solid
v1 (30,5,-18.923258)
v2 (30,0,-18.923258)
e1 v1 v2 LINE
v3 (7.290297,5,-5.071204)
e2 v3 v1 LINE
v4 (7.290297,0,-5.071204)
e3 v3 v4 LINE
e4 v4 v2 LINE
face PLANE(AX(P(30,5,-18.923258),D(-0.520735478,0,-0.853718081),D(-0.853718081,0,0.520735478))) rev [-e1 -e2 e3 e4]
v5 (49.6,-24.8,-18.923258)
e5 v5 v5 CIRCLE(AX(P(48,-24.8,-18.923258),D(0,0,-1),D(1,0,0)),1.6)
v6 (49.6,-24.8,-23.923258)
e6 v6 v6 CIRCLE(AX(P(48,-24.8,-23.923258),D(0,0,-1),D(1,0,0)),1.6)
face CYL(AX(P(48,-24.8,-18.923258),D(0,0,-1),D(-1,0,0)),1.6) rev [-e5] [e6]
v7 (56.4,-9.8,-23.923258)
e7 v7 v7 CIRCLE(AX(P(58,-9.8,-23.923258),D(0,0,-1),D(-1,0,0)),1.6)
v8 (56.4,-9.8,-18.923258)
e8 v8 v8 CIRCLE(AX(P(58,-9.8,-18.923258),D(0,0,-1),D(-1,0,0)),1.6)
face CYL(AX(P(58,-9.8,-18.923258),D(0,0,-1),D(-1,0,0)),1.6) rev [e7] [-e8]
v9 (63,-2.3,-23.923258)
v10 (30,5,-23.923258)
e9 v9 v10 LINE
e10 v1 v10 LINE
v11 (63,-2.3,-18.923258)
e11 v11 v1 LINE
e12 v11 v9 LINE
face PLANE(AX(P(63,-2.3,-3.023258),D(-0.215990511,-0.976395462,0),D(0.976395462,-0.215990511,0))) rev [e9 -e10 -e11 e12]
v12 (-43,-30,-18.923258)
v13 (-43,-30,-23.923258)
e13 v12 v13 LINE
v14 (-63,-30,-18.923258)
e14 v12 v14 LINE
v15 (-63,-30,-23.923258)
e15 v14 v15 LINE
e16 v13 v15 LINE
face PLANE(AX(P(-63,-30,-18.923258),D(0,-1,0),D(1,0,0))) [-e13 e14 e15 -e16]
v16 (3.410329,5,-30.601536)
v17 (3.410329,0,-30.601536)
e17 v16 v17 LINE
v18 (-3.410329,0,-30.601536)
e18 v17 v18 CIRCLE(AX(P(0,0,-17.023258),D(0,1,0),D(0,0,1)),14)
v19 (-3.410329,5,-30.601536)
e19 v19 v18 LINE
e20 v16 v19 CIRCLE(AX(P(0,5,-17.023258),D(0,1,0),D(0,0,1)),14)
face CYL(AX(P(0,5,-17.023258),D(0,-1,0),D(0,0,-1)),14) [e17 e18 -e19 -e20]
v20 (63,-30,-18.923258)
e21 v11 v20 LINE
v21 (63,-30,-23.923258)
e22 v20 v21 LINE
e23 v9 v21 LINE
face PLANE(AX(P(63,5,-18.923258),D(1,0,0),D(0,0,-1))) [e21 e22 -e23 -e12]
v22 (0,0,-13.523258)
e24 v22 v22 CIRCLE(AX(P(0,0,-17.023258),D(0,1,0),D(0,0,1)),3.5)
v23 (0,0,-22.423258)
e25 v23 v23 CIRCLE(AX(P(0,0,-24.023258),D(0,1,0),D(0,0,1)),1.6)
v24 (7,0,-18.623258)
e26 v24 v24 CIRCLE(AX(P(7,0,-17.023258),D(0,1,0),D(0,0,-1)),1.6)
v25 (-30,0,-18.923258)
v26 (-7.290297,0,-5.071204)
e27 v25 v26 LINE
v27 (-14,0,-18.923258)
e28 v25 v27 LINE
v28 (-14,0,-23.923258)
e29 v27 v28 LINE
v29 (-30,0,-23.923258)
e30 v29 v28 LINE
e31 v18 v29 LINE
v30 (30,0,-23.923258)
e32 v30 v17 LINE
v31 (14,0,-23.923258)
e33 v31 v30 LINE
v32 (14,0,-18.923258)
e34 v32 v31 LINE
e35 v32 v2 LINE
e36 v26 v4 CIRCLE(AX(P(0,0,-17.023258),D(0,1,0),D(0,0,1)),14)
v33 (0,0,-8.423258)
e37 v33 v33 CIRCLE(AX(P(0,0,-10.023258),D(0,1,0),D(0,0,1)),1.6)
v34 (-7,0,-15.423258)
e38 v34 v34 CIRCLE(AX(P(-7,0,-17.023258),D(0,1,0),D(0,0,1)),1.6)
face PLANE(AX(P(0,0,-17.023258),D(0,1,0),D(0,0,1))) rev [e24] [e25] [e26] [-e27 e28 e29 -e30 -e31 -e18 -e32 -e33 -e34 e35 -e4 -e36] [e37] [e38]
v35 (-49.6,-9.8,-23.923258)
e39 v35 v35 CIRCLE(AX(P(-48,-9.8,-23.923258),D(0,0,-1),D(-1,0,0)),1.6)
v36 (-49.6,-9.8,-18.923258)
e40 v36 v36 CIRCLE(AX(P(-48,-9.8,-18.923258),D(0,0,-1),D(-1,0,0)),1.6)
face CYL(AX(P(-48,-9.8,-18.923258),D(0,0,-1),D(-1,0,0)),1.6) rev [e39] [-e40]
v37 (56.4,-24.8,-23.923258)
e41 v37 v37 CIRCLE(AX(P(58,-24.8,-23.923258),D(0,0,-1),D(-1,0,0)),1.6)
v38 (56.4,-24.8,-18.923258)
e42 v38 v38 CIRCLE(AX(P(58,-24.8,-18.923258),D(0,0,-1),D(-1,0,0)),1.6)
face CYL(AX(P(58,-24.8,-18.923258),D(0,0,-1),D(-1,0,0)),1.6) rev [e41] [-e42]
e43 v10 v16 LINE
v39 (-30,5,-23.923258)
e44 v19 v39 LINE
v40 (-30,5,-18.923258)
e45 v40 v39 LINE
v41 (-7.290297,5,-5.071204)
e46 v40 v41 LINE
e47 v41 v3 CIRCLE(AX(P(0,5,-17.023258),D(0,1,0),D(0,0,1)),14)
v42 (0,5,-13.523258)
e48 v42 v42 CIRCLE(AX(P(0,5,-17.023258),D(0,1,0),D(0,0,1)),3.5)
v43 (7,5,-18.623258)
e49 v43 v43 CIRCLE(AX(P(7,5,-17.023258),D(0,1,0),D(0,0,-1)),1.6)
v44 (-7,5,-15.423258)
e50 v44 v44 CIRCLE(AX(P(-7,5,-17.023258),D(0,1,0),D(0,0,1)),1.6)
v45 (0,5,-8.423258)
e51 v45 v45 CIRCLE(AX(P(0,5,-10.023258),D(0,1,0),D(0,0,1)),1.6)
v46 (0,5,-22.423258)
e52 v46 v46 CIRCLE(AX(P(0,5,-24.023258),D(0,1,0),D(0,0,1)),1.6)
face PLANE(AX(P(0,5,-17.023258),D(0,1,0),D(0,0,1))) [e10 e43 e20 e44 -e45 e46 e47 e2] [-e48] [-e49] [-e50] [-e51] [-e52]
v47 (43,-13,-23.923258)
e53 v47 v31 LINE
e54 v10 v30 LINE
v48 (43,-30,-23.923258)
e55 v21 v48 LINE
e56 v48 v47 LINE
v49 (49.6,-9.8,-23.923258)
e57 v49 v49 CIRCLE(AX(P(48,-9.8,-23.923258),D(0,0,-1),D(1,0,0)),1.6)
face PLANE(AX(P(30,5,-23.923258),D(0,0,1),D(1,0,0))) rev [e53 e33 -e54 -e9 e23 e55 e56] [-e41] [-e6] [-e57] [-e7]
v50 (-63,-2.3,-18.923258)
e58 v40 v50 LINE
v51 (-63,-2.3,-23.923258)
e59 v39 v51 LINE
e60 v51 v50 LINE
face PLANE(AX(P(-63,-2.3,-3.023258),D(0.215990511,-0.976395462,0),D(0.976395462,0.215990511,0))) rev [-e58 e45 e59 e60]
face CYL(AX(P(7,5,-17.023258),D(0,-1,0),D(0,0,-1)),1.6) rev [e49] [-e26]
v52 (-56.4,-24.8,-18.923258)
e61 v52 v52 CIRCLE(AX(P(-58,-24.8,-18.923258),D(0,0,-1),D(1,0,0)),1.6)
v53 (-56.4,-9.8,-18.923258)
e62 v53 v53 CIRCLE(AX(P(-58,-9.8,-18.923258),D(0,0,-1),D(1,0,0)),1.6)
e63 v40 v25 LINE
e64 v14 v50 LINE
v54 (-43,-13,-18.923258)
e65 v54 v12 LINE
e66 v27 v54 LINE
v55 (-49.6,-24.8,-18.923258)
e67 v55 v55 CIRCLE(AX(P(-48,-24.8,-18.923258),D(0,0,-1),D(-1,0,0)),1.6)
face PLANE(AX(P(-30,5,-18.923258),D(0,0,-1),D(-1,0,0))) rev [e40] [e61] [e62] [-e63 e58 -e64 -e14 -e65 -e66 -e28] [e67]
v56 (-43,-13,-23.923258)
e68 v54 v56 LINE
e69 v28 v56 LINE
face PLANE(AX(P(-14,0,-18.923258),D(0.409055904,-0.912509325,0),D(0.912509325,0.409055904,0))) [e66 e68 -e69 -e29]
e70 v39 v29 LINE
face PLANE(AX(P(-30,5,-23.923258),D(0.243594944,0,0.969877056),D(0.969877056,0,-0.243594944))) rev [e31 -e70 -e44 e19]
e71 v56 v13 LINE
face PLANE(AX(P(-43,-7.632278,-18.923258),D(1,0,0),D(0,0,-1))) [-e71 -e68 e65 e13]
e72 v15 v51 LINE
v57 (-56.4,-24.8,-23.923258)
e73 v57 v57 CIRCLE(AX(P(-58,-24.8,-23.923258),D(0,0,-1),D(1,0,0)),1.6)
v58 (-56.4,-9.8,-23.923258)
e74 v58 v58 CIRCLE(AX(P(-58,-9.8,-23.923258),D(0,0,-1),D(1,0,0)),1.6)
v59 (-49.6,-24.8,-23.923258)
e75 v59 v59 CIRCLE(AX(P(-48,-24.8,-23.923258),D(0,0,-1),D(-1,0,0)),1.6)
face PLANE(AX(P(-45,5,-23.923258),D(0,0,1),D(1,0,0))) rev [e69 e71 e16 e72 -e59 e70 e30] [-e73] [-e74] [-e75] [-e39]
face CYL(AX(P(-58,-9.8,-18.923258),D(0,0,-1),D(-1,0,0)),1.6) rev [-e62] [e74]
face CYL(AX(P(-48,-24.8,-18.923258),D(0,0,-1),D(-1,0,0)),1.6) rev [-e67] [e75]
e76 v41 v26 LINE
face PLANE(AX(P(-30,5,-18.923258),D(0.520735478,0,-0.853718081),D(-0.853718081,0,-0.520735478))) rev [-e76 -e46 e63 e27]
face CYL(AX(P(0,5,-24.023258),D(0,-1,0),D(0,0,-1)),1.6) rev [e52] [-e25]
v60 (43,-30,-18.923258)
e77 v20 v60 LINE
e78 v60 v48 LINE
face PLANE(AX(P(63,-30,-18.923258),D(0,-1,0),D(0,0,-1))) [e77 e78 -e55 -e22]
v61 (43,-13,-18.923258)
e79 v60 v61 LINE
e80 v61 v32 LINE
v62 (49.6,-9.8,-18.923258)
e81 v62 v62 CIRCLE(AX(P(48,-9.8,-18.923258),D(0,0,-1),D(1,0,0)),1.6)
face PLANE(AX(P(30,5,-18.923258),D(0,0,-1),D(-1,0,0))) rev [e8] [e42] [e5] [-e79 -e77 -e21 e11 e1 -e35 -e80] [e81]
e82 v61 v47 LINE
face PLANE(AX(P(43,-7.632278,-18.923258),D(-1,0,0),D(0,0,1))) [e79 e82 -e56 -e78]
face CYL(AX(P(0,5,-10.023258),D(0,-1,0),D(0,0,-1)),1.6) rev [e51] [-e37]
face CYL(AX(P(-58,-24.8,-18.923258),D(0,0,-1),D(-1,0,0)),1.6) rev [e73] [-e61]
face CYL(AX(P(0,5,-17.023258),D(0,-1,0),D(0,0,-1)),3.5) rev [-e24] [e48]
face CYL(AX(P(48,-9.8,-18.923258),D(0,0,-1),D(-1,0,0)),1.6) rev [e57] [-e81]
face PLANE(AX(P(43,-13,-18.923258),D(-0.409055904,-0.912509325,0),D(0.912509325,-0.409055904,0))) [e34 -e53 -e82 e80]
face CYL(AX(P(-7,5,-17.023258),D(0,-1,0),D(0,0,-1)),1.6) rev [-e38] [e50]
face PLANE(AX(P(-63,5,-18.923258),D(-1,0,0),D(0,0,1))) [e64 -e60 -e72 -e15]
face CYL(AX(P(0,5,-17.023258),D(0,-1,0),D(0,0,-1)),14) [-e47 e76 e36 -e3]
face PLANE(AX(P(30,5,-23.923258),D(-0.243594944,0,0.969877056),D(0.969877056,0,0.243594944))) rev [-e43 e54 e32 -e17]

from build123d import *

# Parameters (mm, degrees)
SKETCH_1_R          = 1.6
SKETCH_1_R_2        = 3.5
EXTRUDE_1_DEPTH     = 5
SKETCH_3_R          = 1.6
EXTRUDE_3_DEPTH     = 5
EXTRUDE_4_DEPTH     = 5
CUT_EXTRUDE_1_DEPTH = 21.9


with BuildPart() as part:
    # 草图1 → 凸台-拉伸1 (new body)
    with BuildSketch(Plane(origin=(0, 0, 0), x_dir=(1, 0, 0), z_dir=(0, 1, 0))):
        with BuildLine():
            Line((30, 23.923257503), (36.791550388, 23.923257503))
            Line((36.791550388, 23.923257503), (45, 23.923257503))
            Line((45, 23.923257503), (45, 18.923257503))
            Line((45, 18.923257503), (30, 18.923257503))
            Line((30, 18.923257503), (7.290296698, 5.071204372))
            ThreePointArc((7.290296698, 5.071204372), (0, 3.023257503), (-7.290296698, 5.071204372))
            Line((-7.290296698, 5.071204372), (-30, 18.923257503))
            Line((-30, 18.923257503), (-45, 18.923257503))
            Line((-45, 18.923257503), (-45, 23.923257503))
            Line((-45, 23.923257503), (-36.791550388, 23.923257503))
            Line((-36.791550388, 23.923257503), (-30, 23.923257503))
            Line((-30, 23.923257503), (-3.410329214, 30.601536284))
            ThreePointArc((-3.410329214, 30.601536284), (0, 31.023257503), (3.410329214, 30.601536284))
            Line((3.410329214, 30.601536284), (30, 23.923257503))
        make_face()
        with Locations((0, 24.023257503)):
            Circle(SKETCH_1_R, mode=Mode.SUBTRACT)
        with Locations((0, 10.023257503)):
            Circle(SKETCH_1_R, mode=Mode.SUBTRACT)
        with Locations((-7, 17.023257503)):
            Circle(SKETCH_1_R, mode=Mode.SUBTRACT)
        with Locations((7, 17.023257503)):
            Circle(SKETCH_1_R, mode=Mode.SUBTRACT)
        with Locations((0, 17.023257503)):
            Circle(SKETCH_1_R_2, mode=Mode.SUBTRACT)
    extrude(amount=EXTRUDE_1_DEPTH)

    # 草图3 → 凸台-拉伸3 (add)
    with BuildSketch(Plane(origin=(0, 0, -23.923257503), x_dir=(-1, 0, 0), z_dir=(0, 0, -1))):
        Polygon((-45, 5), (-63, 5), (-63, -30), (-43, -30), (-43, -20.44669455), (-43, -7.63227787), (-43, 5), align=None)
        with Locations((-58, -9.8)):
            Circle(SKETCH_3_R, mode=Mode.SUBTRACT)
        with Locations((-58, -24.8)):
            Circle(SKETCH_3_R, mode=Mode.SUBTRACT)
        with Locations((-48, -24.8)):
            Circle(SKETCH_3_R, mode=Mode.SUBTRACT)
        with Locations((-48, -9.8)):
            Circle(SKETCH_3_R, mode=Mode.SUBTRACT)
        Polygon((43, -20.44669455), (43, -30), (63, -30), (63, 5), (45, 5), (43, 5), (43, -7.63227787), align=None)
        with Locations((48, -9.8)):
            Circle(SKETCH_3_R, mode=Mode.SUBTRACT)
        with Locations((48, -24.8)):
            Circle(SKETCH_3_R, mode=Mode.SUBTRACT)
        with Locations((58, -24.8)):
            Circle(SKETCH_3_R, mode=Mode.SUBTRACT)
        with Locations((58, -9.8)):
            Circle(SKETCH_3_R, mode=Mode.SUBTRACT)
    extrude(amount=-EXTRUDE_3_DEPTH)

    # 草图5 → 凸台-拉伸4 (add)
    with BuildSketch(Plane(origin=(0, 0, -23.923257503), x_dir=(-1, 0, 0), z_dir=(0, 0, -1))):
        Polygon((14, 0), (43, -13), (43, 0), align=None)
        Polygon((-43, 0), (-14, 0), (-43, -13), align=None)
    extrude(amount=-EXTRUDE_4_DEPTH)

    # 草图6 → 切除-拉伸1 (cut, through all)
    with BuildSketch(Plane(origin=(0, 0, -23.923257503), x_dir=(-1, 0, 0), z_dir=(0, 0, -1))):
        Polygon((-63, -2.3), (-30, 5), (-63, 5), align=None)
        Polygon((63, -2.3), (30, 5), (63, 5), align=None)
    extrude(amount=-CUT_EXTRUDE_1_DEPTH, mode=Mode.SUBTRACT)


solid = part.part
